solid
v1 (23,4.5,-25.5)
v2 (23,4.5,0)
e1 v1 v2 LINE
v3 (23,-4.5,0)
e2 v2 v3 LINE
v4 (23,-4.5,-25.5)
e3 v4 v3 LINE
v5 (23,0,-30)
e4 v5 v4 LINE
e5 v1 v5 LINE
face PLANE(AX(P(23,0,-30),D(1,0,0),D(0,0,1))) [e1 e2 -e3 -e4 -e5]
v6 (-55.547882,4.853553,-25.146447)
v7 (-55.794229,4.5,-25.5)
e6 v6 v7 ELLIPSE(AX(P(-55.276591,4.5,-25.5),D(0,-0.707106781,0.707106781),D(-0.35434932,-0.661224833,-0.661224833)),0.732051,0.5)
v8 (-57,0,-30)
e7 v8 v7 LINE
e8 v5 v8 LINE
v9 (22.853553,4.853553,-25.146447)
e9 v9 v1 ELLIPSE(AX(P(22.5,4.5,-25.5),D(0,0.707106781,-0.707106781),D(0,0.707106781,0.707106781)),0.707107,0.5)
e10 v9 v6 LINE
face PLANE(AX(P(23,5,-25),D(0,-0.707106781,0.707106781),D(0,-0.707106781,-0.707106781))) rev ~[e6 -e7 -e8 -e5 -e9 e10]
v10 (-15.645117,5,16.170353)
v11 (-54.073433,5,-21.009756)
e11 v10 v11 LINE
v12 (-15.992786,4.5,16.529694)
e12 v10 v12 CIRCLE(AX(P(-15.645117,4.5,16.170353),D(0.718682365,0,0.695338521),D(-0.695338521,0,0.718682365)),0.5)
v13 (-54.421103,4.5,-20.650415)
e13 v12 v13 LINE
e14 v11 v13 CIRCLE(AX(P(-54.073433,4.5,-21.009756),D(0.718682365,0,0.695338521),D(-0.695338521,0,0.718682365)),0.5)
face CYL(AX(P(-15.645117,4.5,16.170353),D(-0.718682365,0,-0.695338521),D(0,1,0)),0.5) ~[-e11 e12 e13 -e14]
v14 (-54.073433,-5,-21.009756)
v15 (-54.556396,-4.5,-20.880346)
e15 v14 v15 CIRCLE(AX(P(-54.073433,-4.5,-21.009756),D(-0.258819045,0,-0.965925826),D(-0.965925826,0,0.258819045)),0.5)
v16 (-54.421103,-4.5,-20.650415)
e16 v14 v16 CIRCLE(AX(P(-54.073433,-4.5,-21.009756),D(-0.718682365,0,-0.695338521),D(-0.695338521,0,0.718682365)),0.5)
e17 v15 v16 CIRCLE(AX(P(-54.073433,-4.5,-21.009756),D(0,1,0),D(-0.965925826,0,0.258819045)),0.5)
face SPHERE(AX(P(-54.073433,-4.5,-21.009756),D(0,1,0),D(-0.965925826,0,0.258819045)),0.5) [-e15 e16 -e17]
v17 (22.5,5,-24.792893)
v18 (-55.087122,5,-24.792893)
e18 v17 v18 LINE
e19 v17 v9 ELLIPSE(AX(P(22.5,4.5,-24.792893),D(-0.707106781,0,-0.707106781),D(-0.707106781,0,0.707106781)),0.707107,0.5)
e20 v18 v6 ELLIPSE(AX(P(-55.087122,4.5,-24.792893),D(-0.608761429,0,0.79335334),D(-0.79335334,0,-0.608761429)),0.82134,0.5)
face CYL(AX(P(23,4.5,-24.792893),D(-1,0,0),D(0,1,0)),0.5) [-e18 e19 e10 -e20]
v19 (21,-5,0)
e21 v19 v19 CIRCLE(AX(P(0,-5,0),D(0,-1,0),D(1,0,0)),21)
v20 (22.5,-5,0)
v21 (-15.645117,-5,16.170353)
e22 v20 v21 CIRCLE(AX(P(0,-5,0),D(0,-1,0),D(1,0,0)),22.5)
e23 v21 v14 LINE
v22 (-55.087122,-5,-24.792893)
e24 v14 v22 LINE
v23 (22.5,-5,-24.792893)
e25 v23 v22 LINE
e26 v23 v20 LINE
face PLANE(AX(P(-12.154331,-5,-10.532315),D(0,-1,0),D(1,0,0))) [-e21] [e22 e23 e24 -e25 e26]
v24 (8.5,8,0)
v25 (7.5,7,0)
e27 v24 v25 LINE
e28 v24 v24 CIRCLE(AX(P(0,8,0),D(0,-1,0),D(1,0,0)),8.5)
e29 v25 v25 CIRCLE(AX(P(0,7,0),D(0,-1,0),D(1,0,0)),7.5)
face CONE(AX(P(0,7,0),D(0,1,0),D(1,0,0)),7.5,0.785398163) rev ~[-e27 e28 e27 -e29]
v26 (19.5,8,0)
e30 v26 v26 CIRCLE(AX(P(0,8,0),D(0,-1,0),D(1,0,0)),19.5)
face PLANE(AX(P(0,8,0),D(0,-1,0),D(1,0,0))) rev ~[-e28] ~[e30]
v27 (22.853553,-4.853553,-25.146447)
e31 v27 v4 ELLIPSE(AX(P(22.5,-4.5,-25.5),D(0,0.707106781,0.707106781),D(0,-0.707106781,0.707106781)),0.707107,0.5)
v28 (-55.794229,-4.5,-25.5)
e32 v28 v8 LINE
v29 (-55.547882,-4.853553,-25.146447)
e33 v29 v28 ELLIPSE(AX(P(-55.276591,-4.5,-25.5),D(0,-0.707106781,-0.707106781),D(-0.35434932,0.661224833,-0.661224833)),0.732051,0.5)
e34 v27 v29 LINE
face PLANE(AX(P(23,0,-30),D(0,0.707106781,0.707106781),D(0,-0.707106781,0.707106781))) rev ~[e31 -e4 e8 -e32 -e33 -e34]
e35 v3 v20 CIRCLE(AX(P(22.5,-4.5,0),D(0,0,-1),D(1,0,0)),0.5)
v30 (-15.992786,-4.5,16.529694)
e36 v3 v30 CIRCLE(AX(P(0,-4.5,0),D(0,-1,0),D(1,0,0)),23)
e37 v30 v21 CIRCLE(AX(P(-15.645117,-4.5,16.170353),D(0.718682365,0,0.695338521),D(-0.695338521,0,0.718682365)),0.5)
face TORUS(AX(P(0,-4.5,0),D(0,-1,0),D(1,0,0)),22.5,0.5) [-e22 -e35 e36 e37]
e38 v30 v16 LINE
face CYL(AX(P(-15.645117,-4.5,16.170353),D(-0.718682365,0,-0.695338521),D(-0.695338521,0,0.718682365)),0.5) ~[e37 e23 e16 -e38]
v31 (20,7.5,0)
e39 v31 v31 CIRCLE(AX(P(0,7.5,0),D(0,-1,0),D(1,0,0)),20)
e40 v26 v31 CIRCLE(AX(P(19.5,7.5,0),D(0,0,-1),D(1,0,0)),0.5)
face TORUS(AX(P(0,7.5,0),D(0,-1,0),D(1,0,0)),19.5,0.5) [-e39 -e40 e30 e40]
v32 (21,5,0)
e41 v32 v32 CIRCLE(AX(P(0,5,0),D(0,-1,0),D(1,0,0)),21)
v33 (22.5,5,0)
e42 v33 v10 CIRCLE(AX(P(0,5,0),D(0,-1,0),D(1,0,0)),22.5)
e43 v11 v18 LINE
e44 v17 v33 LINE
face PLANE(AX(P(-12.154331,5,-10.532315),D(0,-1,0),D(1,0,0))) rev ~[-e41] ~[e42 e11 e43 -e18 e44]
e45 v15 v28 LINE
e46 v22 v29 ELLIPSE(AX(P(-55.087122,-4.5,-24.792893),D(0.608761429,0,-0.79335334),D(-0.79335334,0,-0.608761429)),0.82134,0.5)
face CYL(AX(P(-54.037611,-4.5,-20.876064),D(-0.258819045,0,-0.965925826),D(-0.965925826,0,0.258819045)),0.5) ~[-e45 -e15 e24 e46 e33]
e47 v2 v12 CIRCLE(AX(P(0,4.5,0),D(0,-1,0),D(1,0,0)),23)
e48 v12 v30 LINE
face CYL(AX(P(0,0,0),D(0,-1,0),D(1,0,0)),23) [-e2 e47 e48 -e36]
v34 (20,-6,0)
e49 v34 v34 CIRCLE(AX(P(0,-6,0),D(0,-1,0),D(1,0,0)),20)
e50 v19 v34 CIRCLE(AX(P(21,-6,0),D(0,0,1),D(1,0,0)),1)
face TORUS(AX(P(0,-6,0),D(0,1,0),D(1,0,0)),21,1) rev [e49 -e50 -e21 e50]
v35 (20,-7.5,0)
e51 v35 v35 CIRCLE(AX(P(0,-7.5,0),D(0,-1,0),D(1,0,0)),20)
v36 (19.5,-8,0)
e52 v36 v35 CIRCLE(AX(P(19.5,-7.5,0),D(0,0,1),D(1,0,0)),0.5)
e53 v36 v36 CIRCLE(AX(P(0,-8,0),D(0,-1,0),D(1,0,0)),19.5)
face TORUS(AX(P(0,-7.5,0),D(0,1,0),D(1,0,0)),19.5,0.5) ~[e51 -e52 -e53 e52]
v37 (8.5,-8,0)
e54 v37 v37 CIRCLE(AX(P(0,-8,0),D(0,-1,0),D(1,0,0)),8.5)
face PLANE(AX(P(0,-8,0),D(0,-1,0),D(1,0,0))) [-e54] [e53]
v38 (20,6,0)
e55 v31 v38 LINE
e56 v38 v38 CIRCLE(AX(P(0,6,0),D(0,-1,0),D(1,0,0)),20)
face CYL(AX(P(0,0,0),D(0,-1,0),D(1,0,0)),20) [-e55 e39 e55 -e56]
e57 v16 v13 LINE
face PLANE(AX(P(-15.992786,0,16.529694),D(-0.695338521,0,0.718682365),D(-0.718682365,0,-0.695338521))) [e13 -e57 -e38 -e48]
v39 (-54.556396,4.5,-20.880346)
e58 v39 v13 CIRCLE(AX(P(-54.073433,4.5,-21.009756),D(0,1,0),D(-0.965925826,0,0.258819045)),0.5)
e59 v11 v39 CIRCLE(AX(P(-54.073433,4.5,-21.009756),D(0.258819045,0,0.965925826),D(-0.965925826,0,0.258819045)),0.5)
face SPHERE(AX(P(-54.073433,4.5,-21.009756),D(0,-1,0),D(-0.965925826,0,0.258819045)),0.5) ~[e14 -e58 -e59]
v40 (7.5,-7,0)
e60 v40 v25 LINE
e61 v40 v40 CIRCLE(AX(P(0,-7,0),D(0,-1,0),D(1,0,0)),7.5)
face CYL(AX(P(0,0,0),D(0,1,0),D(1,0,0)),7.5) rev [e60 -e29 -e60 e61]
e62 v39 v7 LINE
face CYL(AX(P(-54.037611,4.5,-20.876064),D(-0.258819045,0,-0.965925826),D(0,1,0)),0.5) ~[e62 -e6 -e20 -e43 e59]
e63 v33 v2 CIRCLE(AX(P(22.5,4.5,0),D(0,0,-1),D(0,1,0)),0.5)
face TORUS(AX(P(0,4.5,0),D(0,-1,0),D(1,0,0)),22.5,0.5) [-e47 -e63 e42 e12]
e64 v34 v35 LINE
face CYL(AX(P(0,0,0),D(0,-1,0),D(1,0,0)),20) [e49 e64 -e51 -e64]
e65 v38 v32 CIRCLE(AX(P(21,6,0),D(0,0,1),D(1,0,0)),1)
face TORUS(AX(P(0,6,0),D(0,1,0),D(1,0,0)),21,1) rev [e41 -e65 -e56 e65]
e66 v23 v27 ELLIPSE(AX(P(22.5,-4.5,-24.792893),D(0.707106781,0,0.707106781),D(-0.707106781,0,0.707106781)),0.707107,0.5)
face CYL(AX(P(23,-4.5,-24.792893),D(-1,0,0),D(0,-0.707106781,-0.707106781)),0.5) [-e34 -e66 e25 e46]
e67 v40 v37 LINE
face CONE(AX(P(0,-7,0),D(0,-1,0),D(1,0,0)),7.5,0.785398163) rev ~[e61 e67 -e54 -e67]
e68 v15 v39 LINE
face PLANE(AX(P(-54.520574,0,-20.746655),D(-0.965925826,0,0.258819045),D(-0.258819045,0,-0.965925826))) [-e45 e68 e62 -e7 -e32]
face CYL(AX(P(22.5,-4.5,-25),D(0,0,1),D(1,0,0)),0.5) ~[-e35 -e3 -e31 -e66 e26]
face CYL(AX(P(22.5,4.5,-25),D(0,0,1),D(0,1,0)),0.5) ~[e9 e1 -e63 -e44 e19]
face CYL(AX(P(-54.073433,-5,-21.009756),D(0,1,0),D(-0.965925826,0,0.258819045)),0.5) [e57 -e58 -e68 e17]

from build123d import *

# Parameters (mm, degrees)
F0_R     = 20
F1_DEPTH = 5
F0_R_2   = 7.5
F2_DEPTH = 8
F3_R     = 1
F4_SIZE  = 1
F6_DEPTH = 80.001
F7_R     = 0.5


with BuildPart() as f1:
    # F0 (on Front) → F1 (new body, symmetric)
    with BuildSketch(Plane.XZ):
        with BuildLine():
            Line((23, -30), (23, 0))
            ThreePointArc((23, 0), (8.9768012825, 21.175859811), (-15.9927859769, 16.5296943922))
            Line((-15.9927859769, 16.5296943922), (-54.5205736666, -20.7466549501))
            Line((-54.5205736666, -20.7466549501), (-57, -30))
            Line((-57, -30), (23, -30))
        make_face()
        Circle(F0_R, mode=Mode.SUBTRACT)
    extrude(amount=F1_DEPTH, both=True)

    # F0 (on Front) → F2 (join, symmetric)
    with BuildSketch(Plane.XZ):
        Circle(F0_R)
        Circle(F0_R_2, mode=Mode.SUBTRACT)
    extrude(amount=F2_DEPTH, both=True)

    # F3
    f3_edges = [f1.edges().sort_by_distance(p)[0] for p in [
        (-20, -5, 0),
        (-20, 5, 0),
    ]]
    fillet(f3_edges, radius=F3_R)

    # F4
    f4_edges = [f1.edges().sort_by_distance(p)[0] for p in [
        (-7.5, -8, 0),
        (7.5, 0, 0),
        (-7.5, 8, 0),
    ]]
    chamfer(f4_edges, length=F4_SIZE)

    # F5 (on face) → F6 (cut, through all)
    with BuildSketch(Plane.YZ.offset(23)):
        Polygon((5, -25), (0, -30), (-5, -25), (-8.4046628326, -25), (-8.4046628326, -34.2726558447), (0, -34.2726558447), (8.4046628326, -34.2726558447), (8.4046628326, -25), align=None)
    extrude(amount=-F6_DEPTH, mode=Mode.SUBTRACT)

    # F7
    f7_edges = [f1.edges().sort_by_distance(p)[0] for p in [
        (-20, -8, 0),
        (-20, 8, 0),
        (-16.330127, 5, -25),
        (-55.090414, 5, -22.873327),
        (-35.25668, 5, -2.10848),
        (-16.330127, -5, -25),
        (-55.090414, -5, -22.873327),
        (23, -5, -12.5),
        (-54.520574, 0, -20.746655),
    ]]
    fillet(f7_edges, radius=F7_R)


solid = f1.part
